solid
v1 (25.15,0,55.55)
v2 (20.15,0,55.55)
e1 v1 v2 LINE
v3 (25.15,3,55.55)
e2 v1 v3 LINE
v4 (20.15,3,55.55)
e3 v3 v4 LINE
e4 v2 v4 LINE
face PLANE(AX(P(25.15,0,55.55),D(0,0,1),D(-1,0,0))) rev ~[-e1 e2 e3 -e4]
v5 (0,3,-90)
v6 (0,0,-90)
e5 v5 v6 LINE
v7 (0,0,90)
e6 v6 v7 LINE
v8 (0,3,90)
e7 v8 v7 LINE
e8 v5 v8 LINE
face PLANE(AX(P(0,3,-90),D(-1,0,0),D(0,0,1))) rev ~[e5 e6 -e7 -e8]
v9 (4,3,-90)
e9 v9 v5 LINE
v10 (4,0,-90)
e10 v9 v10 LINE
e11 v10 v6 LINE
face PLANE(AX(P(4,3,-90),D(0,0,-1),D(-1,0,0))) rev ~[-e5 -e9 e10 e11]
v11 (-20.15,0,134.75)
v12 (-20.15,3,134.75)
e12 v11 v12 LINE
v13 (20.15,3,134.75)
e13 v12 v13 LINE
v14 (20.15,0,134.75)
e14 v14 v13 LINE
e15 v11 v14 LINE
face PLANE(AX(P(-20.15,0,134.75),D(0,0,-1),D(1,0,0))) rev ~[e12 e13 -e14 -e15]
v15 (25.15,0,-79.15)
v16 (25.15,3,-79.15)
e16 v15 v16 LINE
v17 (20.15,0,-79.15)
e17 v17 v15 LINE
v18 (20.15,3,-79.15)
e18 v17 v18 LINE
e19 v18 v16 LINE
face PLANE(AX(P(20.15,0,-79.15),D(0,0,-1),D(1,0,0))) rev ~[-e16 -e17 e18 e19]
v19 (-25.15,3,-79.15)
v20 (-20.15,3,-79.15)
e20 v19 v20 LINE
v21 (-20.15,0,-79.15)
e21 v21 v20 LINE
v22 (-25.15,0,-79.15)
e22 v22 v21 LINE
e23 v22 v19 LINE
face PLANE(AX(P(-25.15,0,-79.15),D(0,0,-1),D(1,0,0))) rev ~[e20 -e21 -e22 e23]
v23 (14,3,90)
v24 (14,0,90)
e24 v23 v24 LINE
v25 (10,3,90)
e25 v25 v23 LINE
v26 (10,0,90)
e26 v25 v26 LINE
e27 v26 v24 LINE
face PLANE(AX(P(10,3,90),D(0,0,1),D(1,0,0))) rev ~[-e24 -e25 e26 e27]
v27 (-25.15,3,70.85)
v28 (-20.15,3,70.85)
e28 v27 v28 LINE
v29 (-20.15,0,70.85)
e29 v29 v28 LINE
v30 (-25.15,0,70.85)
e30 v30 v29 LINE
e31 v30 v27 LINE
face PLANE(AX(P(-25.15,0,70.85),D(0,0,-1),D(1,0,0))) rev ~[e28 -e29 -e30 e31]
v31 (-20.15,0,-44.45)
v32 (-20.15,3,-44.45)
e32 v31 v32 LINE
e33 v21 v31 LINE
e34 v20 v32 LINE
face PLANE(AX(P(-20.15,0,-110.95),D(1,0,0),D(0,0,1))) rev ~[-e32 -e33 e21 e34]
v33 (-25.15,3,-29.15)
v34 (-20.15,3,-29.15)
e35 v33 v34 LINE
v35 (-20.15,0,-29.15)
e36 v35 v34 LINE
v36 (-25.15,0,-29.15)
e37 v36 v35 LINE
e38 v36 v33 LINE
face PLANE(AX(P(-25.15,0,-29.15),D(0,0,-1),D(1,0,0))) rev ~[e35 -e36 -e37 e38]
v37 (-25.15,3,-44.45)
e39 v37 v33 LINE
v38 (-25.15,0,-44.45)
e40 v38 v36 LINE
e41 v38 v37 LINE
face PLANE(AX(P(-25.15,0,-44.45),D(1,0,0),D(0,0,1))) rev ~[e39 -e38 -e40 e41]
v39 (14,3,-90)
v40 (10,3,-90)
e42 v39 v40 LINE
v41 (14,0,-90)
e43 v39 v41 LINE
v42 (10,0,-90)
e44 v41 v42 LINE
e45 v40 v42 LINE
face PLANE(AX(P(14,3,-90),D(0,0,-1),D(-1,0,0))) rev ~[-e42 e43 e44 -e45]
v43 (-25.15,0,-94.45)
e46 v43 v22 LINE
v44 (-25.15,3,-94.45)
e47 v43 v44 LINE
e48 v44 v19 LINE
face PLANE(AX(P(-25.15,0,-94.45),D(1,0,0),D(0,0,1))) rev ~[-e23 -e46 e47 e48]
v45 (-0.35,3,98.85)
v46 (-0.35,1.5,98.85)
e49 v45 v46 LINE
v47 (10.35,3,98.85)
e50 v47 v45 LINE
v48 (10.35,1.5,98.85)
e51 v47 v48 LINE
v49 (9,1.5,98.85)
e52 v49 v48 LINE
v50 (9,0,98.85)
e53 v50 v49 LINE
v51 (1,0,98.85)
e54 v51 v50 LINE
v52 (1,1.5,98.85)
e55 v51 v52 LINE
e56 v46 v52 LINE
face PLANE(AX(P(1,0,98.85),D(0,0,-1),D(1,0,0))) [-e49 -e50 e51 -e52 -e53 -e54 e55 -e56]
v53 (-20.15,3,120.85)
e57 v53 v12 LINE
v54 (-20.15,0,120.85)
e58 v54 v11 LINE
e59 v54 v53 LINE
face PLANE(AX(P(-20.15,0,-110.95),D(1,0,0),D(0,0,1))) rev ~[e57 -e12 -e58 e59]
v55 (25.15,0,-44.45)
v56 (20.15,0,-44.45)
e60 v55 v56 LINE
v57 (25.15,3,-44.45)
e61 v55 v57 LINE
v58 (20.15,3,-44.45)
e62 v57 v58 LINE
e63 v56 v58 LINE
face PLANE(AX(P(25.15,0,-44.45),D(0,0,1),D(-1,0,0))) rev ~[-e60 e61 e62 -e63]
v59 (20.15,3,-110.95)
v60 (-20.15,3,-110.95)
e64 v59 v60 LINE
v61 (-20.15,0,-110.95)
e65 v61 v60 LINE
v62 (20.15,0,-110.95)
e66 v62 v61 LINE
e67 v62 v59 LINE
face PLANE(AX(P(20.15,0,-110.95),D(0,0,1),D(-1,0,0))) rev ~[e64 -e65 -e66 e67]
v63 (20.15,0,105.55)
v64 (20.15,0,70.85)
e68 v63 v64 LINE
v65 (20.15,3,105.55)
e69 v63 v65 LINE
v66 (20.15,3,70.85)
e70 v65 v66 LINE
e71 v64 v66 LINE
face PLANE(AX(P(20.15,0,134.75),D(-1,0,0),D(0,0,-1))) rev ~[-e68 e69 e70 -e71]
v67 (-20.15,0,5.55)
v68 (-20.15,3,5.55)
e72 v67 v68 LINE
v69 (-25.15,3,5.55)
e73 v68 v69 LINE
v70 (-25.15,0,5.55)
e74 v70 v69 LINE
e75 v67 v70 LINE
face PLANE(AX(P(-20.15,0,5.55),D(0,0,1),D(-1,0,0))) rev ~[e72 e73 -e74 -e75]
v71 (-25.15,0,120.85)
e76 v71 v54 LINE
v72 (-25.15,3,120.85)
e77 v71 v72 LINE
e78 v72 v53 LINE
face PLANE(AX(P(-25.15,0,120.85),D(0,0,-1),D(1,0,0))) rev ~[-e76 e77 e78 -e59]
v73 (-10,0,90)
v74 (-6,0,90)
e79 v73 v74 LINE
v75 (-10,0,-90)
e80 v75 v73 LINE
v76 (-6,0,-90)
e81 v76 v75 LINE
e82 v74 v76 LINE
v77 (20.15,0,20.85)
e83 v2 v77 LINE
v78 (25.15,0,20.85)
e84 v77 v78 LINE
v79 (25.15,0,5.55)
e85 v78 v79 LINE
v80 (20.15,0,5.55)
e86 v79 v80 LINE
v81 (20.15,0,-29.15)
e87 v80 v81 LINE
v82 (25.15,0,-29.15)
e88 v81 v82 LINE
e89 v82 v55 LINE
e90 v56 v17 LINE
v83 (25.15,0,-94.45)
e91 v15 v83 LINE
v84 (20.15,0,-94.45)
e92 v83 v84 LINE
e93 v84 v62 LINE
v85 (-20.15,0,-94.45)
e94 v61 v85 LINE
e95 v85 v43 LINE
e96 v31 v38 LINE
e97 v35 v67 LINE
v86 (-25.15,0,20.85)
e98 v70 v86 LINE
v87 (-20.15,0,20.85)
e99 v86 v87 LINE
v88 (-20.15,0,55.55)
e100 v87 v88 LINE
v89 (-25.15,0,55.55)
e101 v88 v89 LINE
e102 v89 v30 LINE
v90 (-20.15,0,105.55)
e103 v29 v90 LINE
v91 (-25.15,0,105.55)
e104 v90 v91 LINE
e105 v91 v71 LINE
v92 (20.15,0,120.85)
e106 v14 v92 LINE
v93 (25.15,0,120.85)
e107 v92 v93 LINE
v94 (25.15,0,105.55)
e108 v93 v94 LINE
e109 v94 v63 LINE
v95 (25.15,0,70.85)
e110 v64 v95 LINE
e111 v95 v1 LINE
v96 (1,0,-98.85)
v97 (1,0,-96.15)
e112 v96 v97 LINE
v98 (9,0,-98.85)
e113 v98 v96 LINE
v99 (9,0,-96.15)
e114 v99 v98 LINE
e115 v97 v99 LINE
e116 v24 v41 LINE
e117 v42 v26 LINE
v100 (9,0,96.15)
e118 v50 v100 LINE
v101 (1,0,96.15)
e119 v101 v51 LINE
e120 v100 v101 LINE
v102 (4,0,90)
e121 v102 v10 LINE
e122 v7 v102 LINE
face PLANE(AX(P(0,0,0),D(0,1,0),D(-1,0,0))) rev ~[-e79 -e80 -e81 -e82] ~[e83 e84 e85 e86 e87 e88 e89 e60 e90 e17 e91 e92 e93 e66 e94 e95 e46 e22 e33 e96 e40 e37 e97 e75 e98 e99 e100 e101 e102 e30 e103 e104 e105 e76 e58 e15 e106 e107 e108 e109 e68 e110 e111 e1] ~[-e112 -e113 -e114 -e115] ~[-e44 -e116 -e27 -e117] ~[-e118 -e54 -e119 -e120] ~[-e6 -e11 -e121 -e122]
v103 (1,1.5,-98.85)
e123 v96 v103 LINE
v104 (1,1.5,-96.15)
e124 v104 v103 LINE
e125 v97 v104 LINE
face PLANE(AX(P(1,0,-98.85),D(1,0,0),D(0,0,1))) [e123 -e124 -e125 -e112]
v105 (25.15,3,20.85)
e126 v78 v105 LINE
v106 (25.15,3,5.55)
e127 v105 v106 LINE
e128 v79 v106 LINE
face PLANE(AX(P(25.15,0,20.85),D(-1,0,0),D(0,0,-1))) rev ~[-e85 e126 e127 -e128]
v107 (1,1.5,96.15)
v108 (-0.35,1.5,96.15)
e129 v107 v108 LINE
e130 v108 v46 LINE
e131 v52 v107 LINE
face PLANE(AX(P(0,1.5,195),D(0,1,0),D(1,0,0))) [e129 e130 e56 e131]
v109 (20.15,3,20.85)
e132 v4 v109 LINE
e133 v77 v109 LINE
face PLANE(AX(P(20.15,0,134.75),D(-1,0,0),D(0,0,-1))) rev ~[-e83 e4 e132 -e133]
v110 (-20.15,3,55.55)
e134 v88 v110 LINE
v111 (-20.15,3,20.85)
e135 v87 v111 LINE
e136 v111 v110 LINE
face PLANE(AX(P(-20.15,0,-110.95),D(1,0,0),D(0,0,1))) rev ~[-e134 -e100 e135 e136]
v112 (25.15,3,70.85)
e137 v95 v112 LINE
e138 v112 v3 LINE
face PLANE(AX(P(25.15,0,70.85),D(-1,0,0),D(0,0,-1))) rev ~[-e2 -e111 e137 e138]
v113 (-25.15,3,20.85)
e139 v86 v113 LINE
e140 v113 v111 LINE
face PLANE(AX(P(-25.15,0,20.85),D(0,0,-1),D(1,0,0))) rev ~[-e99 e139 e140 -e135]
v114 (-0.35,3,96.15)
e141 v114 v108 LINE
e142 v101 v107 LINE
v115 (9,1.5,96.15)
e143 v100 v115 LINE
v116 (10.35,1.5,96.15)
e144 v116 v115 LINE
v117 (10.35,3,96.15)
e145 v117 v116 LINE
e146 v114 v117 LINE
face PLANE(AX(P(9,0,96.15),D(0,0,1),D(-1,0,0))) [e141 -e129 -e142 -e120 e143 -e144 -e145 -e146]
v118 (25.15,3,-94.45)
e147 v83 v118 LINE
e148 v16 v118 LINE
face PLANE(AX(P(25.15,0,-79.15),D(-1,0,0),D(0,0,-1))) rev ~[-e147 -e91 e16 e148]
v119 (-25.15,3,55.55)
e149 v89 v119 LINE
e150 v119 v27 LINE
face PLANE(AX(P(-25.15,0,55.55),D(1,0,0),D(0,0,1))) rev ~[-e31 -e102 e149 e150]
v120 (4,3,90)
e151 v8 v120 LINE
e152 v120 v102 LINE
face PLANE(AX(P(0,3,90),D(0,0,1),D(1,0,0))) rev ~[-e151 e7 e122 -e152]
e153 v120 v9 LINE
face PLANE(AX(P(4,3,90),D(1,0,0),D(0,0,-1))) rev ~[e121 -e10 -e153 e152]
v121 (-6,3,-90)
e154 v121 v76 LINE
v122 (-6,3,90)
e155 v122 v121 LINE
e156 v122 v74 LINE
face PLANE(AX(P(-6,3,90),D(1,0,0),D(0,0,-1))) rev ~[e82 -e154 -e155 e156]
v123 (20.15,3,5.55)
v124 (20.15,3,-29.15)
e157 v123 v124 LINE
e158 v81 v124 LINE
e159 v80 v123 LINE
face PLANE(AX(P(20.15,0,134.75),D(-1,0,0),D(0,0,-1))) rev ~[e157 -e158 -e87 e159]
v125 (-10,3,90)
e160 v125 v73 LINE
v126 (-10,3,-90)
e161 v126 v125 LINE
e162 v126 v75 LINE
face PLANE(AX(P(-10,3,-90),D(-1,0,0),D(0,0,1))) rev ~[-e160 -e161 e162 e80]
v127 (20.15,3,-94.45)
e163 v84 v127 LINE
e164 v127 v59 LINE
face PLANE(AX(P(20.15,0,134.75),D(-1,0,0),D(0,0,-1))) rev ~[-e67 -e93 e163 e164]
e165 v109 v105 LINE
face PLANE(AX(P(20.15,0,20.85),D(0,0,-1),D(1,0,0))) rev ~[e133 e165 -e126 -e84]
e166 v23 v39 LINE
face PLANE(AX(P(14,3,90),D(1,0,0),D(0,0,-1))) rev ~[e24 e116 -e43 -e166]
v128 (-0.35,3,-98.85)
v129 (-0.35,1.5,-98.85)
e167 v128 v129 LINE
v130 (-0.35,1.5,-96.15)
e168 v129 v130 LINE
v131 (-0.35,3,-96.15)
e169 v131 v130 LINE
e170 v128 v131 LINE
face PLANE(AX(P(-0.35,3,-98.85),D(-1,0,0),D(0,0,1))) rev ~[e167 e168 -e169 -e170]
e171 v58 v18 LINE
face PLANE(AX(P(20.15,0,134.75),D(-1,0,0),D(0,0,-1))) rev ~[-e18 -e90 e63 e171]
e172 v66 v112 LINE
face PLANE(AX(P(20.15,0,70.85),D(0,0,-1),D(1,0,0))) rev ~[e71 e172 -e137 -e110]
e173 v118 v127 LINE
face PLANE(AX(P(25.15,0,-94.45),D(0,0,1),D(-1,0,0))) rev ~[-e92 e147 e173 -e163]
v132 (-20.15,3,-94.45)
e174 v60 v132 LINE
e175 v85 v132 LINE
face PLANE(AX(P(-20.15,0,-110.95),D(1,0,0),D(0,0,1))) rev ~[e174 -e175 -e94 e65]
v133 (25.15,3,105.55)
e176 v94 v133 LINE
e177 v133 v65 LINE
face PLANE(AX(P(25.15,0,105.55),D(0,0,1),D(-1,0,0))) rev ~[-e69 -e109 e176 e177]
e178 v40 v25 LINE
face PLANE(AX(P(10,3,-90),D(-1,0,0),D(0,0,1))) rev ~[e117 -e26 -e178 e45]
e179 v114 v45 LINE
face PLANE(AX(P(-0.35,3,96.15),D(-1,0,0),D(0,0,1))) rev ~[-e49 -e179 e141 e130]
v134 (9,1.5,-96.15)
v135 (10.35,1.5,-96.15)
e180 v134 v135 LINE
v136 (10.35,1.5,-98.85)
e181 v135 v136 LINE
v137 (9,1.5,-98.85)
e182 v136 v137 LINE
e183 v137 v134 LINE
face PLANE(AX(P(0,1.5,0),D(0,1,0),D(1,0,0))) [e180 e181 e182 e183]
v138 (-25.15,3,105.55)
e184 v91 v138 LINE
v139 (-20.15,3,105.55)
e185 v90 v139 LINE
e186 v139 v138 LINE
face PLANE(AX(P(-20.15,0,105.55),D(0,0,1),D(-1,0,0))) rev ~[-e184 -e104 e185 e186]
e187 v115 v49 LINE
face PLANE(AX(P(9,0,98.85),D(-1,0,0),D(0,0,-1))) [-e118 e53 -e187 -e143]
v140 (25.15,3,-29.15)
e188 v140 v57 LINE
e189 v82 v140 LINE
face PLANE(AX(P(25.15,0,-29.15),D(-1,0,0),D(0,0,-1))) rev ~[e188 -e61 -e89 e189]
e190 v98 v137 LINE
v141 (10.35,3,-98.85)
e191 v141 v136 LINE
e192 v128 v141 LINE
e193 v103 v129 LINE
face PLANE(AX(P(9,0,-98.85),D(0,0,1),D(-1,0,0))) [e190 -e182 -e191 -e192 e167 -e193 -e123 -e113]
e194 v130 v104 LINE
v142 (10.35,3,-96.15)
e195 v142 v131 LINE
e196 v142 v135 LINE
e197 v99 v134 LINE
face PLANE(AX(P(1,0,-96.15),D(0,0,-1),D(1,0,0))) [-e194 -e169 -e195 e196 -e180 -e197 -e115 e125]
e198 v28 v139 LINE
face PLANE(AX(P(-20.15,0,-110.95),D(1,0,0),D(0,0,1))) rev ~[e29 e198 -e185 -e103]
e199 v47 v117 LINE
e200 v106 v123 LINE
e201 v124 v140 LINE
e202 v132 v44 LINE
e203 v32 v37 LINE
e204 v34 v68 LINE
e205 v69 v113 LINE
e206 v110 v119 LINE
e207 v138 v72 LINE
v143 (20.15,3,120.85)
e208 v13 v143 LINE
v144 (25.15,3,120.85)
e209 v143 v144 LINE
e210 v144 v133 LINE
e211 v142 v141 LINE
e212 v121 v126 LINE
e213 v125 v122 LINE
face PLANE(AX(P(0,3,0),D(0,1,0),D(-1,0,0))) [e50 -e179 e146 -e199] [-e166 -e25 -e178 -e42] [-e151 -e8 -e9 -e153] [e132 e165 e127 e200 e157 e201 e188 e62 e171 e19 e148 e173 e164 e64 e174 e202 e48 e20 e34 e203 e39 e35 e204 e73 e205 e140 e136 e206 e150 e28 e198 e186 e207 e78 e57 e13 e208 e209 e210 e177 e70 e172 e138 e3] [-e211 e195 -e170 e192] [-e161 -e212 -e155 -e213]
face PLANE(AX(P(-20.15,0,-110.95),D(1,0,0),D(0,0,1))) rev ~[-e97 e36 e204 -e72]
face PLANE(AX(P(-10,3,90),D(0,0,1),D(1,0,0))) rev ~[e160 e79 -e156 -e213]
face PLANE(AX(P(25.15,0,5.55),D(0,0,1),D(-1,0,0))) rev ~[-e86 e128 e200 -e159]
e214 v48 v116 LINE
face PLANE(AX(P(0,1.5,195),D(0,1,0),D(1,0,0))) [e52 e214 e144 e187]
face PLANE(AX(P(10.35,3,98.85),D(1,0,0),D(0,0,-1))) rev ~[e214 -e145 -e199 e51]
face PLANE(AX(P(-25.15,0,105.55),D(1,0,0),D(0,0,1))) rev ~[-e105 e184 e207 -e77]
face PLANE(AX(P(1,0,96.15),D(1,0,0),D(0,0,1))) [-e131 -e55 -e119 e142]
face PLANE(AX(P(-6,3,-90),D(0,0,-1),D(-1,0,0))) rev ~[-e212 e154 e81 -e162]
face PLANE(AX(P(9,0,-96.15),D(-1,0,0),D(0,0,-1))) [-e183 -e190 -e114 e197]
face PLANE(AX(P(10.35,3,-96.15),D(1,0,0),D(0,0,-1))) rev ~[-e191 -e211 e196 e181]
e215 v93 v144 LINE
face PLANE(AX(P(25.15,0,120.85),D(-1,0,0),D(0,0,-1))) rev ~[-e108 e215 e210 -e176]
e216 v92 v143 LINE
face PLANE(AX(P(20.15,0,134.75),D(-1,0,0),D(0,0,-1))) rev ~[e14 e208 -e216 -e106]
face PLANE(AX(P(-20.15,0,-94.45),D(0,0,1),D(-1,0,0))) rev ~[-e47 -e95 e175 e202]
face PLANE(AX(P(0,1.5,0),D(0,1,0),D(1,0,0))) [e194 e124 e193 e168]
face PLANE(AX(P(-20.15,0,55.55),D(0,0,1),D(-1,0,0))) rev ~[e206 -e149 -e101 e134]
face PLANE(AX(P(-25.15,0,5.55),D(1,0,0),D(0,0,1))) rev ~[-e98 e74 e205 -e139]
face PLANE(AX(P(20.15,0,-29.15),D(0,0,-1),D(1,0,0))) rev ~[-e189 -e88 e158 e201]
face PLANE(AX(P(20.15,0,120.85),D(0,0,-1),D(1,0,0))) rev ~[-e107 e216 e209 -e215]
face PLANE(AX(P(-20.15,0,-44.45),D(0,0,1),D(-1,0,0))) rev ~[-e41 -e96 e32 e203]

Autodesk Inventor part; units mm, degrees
ref_plane "YZ Plane" through (0, 0, 0) normal (1, 0, 0) x (0, 1, 0)
ref_plane "XZ Plane" through (0, 0, 0) normal (0, 1, 0) x (-1, 0, 0)
ref_plane "XY Plane" through (0, 0, 0) normal (0, 0, 1) x (1, 0, 0)
sketch "Sketch1" plane through (0, 0, 0) normal (0, 1, 0) x (-1, 0, 0)
  line L0 (20.15, 134.75) -> (-20.15, 134.75)
  line L1 (-20.15, 134.75) -> (-20.15, -110.95)
  line L2 (-20.15, -110.95) -> (20.15, -110.95)
  line L3 (20.15, -110.95) -> (20.15, 134.75)
  line L4 (20.15, 0) -> (-20.15, 0) construction
  line L5 (0, -110.95) -> (0, 134.75) construction
  point P0 (0, 0)
  point P1 (0, 0)
  dimension "d57" = 40.3
  dimension "d58" = 110.95
  dimension "d59" = 134.75
extrude "Extrusion1" add sketch "Sketch1" along normal blind 3
sketch "Sketch3" plane through (0, 0, 0) normal (0, -1, 0) x (1, 0, 0)
  line L0 (20.15, -110.95) -> (-20.15, -110.95) projected
  line L1 (20.15, 134.75) -> (20.15, -110.95) projected
  line L2 (-20.15, -110.95) -> (-20.15, 134.75) projected
  line L3 (-25.15, -79.15) -> (-20.15, -79.15)
  line L4 (-20.15, -79.15) -> (-20.15, -94.45)
  line L5 (-20.15, -94.45) -> (-25.15, -94.45)
  line L6 (-25.15, -94.45) -> (-25.15, -79.15)
  line L7 (-25.15, -79.15) -> (-20.15, -94.45) construction
  line L8 (-20.15, -79.15) -> (-25.15, -94.45) construction
  line L9 (25.15, -94.45) -> (20.15, -94.45)
  line L10 (20.15, -94.45) -> (20.15, -79.15)
  line L11 (20.15, -79.15) -> (25.15, -79.15)
  line L12 (25.15, -79.15) -> (25.15, -94.45)
  line L13 (25.15, -94.45) -> (20.15, -79.15) construction
  line L14 (20.15, -94.45) -> (25.15, -79.15) construction
  point P0 (0, 0)
  point P1 (-22.65, -86.8)
  point P2 (22.65, -86.8)
  point P3 (20.15, -86.8)
  dimension "d61" = 15.3
  dimension "d64" = 5
  dimension "d65" = 15.3
  dimension "d78" = 24.15
  dimension "d79" = 24.15
  dimension "d97" = 5
extrude "Extrusion3" add sketch "Sketch3" against normal blind 3
pattern_linear "Rectangular Pattern1" count 5 spacing 50 along (0, 0, 1) of "Extrusion3"
sketch "Sketch4" plane through (0, 0, 0) normal (0, -1, 0) x (1, 0, 0)
  line L0 (20.15, -110.95) -> (-20.15, -110.95) projected
  line L1 (1, -96.15) -> (9, -96.15)
  line L2 (9, -96.15) -> (9, -98.85)
  line L3 (9, -98.85) -> (1, -98.85)
  line L4 (1, -98.85) -> (1, -96.15)
  line L5 (1, -96.15) -> (9, -98.85) construction
  line L6 (9, -96.15) -> (1, -98.85) construction
  line L7 (5, -118.696) -> (5, 153.6812) construction
  point P0 (5, -97.5)
  point P1 (5, -97.5)
  point P2 (5, -97.5)
  point P3 (5, -97.5)
  point P4 (0, 0)
  dimension "d69" = 8
  dimension "d70" = 2.7
  dimension "d98" = 13.45
  dimension "d100" = 5
extrude "Extrusion4" cut sketch "Sketch4" against normal blind 3
pattern_linear "Rectangular Pattern2" count 2 spacing 195 along (0, 0, 1) of "Extrusion4"
sketch "Sketch8" plane through (0, 3, 0) normal (0, 1, 0) x (1, 0, 0)
  line L0 (-10, -90) -> (-6, -90)
  line L1 (-6, -90) -> (-6, 90)
  line L2 (-6, 90) -> (-10, 90)
  line L3 (-10, 90) -> (-10, -90)
  line L4 (-10, -90) -> (-6, 90) construction
  line L5 (-6, -90) -> (-10, 90) construction
  point P0 (0, 0)
  point P1 (-8, 0)
  dimension "d82" = 4
  dimension "d83" = 180
  dimension "d84" = 6
extrude "Extrusion5" cut sketch "Sketch8" against normal through all
sketch "Sketch9" plane through (0, 3, 0) normal (0, 1, 0) x (1, 0, 0)
  line L0 (1, 96.15) -> (1, 98.85) projected
  line L1 (1, 98.85) -> (9, 98.85) projected
  line L2 (9, 98.85) -> (9, 96.15) projected
  line L3 (9, 96.15) -> (1, 96.15) projected
  line L4 (-0.35, 96.15) -> (10.35, 96.15)
  line L5 (10.35, 96.15) -> (10.35, 98.85)
  line L6 (10.35, 98.85) -> (-0.35, 98.85)
  line L7 (-0.35, 98.85) -> (-0.35, 96.15)
  line L8 (-0.35, 96.15) -> (10.35, 98.85) construction
  line L9 (10.35, 96.15) -> (-0.35, 98.85) construction
  line L10 (1, 98.85) -> (9, 96.15) construction
  line L11 (9, 96.15) -> (9, 98.85) construction
  line L12 (9, 98.85) -> (1, 96.15) construction
  point P0 (0, 0)
  point P1 (5, 97.5)
  point P2 (5, 97.5)
  dimension "d90" = 10.7
  dimension "d91" = 2.7
extrude "Extrusion6" cut sketch "Sketch9" against normal blind 1.5 contours L4 L7 L6 L0 | L2 L6 L5 L4
pattern_linear "Rectangular Pattern4" count 2 spacing 195 along (0, 0, 1) of "Extrusion6"
pattern_linear "Rectangular Pattern5" count 3 spacing 10 along (1, 0, 0) of "Extrusion5"
equation "\"d79\" = d78"
equation "\"kerf\" = 0.15"
properties part number "Panel3" material "Acrylic, Clear"
